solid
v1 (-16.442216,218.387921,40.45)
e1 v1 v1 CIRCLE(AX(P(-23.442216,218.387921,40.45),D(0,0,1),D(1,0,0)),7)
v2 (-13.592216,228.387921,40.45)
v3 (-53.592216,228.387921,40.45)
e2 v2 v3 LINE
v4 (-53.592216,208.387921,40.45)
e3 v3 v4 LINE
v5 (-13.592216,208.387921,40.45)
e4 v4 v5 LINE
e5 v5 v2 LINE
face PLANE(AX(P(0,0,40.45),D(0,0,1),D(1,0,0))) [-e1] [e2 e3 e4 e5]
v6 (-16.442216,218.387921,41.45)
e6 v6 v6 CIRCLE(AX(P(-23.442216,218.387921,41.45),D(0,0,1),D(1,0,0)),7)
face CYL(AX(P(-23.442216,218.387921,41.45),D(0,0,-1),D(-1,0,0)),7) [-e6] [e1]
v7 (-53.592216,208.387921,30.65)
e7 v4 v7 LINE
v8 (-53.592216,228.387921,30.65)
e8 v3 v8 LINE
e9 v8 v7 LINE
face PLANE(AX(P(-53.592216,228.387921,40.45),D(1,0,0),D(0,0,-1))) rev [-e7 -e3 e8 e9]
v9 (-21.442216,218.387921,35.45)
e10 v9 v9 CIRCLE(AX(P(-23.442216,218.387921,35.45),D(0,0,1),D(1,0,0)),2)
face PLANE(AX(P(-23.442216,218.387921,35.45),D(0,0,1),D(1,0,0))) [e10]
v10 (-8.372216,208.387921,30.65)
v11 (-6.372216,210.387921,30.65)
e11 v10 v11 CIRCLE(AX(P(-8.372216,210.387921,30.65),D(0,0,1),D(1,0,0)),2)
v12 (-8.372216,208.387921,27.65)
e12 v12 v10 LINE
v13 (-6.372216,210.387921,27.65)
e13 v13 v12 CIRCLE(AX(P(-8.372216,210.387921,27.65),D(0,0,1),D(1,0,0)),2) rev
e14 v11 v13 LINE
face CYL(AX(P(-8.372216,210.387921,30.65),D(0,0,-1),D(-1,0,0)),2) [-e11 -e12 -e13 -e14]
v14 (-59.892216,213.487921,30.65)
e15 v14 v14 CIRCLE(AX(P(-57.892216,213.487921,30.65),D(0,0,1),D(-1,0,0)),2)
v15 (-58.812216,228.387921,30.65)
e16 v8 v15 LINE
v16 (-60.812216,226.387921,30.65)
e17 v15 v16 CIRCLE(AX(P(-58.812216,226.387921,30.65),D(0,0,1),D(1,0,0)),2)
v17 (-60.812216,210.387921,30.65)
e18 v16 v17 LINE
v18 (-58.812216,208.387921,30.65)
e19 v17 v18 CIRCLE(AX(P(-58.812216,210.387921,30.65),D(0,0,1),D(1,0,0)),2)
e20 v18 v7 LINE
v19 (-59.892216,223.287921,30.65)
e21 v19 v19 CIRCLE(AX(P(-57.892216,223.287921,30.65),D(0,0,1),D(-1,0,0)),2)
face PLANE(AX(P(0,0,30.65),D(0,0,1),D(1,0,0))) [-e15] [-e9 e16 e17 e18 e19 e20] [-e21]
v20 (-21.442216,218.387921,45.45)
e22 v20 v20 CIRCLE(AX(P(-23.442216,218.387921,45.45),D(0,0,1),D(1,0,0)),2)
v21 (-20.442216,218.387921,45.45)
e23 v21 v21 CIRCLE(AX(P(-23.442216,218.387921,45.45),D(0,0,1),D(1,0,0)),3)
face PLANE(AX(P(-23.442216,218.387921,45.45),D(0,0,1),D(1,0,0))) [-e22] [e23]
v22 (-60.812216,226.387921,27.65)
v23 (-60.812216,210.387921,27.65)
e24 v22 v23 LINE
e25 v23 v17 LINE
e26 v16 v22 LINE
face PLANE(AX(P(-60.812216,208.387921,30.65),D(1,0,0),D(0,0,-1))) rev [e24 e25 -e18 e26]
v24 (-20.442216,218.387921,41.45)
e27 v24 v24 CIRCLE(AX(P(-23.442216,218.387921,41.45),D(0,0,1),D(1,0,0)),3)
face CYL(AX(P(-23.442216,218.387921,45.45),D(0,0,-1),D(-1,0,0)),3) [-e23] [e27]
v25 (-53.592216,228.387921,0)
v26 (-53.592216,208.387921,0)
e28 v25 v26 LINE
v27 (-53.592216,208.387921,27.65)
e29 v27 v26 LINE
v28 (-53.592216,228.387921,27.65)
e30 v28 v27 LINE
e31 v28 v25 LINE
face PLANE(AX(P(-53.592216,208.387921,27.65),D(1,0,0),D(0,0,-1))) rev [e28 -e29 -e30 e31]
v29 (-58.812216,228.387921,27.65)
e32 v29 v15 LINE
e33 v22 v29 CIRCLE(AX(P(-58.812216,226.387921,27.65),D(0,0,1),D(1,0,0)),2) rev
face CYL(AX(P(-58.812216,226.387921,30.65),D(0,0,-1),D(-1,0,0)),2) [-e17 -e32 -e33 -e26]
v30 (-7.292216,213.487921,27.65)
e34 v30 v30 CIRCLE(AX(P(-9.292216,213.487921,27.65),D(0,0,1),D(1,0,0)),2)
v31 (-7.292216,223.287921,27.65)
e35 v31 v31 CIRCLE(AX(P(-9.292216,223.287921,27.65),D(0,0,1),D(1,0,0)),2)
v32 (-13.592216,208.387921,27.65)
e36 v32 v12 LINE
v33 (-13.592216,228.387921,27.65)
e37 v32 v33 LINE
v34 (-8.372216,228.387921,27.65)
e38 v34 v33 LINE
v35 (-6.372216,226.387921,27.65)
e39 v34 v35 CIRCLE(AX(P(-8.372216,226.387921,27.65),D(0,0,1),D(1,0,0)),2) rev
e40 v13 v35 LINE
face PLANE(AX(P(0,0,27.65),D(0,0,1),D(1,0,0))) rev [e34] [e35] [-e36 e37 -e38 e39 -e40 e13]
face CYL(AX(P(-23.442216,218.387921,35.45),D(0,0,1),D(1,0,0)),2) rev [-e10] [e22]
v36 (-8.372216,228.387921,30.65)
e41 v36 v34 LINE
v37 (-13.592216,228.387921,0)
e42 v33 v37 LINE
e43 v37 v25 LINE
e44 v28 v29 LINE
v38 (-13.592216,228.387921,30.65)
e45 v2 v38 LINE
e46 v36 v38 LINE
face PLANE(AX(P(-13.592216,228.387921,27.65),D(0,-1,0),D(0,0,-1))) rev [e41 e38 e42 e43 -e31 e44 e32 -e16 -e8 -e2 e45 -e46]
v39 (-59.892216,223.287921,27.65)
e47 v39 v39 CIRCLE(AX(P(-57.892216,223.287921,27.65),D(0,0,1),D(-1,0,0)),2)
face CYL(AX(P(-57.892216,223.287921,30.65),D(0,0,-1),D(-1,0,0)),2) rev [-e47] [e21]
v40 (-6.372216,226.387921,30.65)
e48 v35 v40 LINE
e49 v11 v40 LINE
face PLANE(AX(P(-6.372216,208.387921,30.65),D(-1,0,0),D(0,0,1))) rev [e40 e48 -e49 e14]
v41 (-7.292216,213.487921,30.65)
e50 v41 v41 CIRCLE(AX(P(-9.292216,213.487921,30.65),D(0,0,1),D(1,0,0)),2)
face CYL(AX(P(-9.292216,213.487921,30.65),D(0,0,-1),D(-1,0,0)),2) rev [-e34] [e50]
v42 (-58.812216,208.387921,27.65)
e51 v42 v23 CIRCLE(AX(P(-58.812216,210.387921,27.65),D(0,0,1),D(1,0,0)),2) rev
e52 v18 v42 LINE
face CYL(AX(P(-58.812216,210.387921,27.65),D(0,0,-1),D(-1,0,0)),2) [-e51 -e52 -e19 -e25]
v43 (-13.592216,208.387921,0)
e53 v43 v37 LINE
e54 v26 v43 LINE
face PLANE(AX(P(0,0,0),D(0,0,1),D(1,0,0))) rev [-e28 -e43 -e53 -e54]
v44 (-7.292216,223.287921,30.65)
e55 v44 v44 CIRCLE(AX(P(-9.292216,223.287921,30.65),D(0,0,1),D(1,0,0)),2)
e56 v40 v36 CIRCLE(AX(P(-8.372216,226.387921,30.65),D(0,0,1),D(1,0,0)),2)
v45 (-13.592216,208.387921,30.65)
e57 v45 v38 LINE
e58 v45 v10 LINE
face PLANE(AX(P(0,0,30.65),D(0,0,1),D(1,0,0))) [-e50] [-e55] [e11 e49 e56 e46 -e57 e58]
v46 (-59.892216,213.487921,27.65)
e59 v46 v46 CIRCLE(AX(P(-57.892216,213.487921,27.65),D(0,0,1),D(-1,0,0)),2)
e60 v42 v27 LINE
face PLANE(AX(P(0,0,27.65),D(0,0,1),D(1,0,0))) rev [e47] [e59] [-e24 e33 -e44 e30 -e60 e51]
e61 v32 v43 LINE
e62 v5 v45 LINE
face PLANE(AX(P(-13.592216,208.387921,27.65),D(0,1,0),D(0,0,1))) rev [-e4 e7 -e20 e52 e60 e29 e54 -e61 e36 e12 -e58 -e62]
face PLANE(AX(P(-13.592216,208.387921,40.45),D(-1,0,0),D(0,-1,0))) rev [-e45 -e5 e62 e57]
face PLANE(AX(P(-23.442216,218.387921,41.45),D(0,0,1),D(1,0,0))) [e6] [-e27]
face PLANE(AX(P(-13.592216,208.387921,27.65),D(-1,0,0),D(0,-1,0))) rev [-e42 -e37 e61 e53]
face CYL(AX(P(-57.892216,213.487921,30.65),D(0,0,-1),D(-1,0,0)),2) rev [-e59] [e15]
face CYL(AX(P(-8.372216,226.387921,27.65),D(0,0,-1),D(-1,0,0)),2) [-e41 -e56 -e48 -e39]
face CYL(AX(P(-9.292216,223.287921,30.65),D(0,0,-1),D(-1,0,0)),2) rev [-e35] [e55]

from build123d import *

# Parameters (mm, degrees)
SKETCH2_W           = 40
SKETCH2_H           = 20
BOSS_EXTRUDE1_DEPTH = 27.65
SKETCH3_W           = 54.44
SKETCH3_H           = 20
SKETCH3_R           = 2
BOSS_EXTRUDE2_DEPTH = 3
SKETCH4_W           = 40
SKETCH4_H           = 20
BOSS_EXTRUDE3_DEPTH = 9.8
SKETCH5_R           = 7
BOSS_EXTRUDE4_DEPTH = 1
SKETCH6_R           = 3
BOSS_EXTRUDE5_DEPTH = 4
FILLET1_R           = 2
SKETCH7_R           = 2
CUT_EXTRUDE1_DEPTH  = 10


with BuildPart() as part:
    # Sketch2 → Boss-Extrude1 (new body)
    with BuildSketch(Plane.XY):
        with Locations((-33.592215537, 218.387921433)):
            Rectangle(SKETCH2_W, SKETCH2_H)
    extrude(amount=BOSS_EXTRUDE1_DEPTH)

    # Sketch3 → Boss-Extrude2 (add)
    with BuildSketch(Plane.XY.offset(27.65)):
        with Locations((-33.592215537, 218.387921433)):
            Rectangle(SKETCH3_W, SKETCH3_H)
        with Locations((-9.292215537, 213.487921433)):
            Circle(SKETCH3_R, mode=Mode.SUBTRACT)
        with Locations((-9.292215537, 223.287921433)):
            Circle(SKETCH3_R, mode=Mode.SUBTRACT)
        with Locations((-57.892215537, 223.287921433)):
            Circle(SKETCH3_R, mode=Mode.SUBTRACT)
        with Locations((-57.892215537, 213.487921433)):
            Circle(SKETCH3_R, mode=Mode.SUBTRACT)
    extrude(amount=BOSS_EXTRUDE2_DEPTH)

    # Sketch4 → Boss-Extrude3 (add)
    with BuildSketch(Plane.XY.offset(30.65)):
        with Locations((-33.592215537, 218.387921433)):
            Rectangle(SKETCH4_W, SKETCH4_H)
    extrude(amount=BOSS_EXTRUDE3_DEPTH)

    # Sketch5 → Boss-Extrude4 (add)
    with BuildSketch(Plane.XY.offset(40.45)):
        with Locations((-23.442215537, 218.387921433)):
            Circle(SKETCH5_R)
    extrude(amount=BOSS_EXTRUDE4_DEPTH)

    # Sketch6 → Boss-Extrude5 (add)
    with BuildSketch(Plane.XY.offset(41.45)):
        with Locations((-23.442215537, 218.387921433)):
            Circle(SKETCH6_R)
    extrude(amount=BOSS_EXTRUDE5_DEPTH)

    # Fillet1
    fillet1_edges = [part.edges().sort_by_distance(p)[0] for p in [
        (-6.372215537, 208.387921433, 29.15),
        (-60.812215537, 208.387921433, 29.15),
        (-6.372215537, 228.387921433, 29.15),
        (-60.812215537, 228.387921433, 29.15),
    ]]
    fillet(fillet1_edges, radius=FILLET1_R)

    # Sketch7 → Cut-Extrude1 (cut)
    with BuildSketch(Plane.XY.offset(45.45)):
        with Locations((-23.442215537, 218.387921433)):
            Circle(SKETCH7_R)
    extrude(amount=-CUT_EXTRUDE1_DEPTH, mode=Mode.SUBTRACT)


solid = part.part
